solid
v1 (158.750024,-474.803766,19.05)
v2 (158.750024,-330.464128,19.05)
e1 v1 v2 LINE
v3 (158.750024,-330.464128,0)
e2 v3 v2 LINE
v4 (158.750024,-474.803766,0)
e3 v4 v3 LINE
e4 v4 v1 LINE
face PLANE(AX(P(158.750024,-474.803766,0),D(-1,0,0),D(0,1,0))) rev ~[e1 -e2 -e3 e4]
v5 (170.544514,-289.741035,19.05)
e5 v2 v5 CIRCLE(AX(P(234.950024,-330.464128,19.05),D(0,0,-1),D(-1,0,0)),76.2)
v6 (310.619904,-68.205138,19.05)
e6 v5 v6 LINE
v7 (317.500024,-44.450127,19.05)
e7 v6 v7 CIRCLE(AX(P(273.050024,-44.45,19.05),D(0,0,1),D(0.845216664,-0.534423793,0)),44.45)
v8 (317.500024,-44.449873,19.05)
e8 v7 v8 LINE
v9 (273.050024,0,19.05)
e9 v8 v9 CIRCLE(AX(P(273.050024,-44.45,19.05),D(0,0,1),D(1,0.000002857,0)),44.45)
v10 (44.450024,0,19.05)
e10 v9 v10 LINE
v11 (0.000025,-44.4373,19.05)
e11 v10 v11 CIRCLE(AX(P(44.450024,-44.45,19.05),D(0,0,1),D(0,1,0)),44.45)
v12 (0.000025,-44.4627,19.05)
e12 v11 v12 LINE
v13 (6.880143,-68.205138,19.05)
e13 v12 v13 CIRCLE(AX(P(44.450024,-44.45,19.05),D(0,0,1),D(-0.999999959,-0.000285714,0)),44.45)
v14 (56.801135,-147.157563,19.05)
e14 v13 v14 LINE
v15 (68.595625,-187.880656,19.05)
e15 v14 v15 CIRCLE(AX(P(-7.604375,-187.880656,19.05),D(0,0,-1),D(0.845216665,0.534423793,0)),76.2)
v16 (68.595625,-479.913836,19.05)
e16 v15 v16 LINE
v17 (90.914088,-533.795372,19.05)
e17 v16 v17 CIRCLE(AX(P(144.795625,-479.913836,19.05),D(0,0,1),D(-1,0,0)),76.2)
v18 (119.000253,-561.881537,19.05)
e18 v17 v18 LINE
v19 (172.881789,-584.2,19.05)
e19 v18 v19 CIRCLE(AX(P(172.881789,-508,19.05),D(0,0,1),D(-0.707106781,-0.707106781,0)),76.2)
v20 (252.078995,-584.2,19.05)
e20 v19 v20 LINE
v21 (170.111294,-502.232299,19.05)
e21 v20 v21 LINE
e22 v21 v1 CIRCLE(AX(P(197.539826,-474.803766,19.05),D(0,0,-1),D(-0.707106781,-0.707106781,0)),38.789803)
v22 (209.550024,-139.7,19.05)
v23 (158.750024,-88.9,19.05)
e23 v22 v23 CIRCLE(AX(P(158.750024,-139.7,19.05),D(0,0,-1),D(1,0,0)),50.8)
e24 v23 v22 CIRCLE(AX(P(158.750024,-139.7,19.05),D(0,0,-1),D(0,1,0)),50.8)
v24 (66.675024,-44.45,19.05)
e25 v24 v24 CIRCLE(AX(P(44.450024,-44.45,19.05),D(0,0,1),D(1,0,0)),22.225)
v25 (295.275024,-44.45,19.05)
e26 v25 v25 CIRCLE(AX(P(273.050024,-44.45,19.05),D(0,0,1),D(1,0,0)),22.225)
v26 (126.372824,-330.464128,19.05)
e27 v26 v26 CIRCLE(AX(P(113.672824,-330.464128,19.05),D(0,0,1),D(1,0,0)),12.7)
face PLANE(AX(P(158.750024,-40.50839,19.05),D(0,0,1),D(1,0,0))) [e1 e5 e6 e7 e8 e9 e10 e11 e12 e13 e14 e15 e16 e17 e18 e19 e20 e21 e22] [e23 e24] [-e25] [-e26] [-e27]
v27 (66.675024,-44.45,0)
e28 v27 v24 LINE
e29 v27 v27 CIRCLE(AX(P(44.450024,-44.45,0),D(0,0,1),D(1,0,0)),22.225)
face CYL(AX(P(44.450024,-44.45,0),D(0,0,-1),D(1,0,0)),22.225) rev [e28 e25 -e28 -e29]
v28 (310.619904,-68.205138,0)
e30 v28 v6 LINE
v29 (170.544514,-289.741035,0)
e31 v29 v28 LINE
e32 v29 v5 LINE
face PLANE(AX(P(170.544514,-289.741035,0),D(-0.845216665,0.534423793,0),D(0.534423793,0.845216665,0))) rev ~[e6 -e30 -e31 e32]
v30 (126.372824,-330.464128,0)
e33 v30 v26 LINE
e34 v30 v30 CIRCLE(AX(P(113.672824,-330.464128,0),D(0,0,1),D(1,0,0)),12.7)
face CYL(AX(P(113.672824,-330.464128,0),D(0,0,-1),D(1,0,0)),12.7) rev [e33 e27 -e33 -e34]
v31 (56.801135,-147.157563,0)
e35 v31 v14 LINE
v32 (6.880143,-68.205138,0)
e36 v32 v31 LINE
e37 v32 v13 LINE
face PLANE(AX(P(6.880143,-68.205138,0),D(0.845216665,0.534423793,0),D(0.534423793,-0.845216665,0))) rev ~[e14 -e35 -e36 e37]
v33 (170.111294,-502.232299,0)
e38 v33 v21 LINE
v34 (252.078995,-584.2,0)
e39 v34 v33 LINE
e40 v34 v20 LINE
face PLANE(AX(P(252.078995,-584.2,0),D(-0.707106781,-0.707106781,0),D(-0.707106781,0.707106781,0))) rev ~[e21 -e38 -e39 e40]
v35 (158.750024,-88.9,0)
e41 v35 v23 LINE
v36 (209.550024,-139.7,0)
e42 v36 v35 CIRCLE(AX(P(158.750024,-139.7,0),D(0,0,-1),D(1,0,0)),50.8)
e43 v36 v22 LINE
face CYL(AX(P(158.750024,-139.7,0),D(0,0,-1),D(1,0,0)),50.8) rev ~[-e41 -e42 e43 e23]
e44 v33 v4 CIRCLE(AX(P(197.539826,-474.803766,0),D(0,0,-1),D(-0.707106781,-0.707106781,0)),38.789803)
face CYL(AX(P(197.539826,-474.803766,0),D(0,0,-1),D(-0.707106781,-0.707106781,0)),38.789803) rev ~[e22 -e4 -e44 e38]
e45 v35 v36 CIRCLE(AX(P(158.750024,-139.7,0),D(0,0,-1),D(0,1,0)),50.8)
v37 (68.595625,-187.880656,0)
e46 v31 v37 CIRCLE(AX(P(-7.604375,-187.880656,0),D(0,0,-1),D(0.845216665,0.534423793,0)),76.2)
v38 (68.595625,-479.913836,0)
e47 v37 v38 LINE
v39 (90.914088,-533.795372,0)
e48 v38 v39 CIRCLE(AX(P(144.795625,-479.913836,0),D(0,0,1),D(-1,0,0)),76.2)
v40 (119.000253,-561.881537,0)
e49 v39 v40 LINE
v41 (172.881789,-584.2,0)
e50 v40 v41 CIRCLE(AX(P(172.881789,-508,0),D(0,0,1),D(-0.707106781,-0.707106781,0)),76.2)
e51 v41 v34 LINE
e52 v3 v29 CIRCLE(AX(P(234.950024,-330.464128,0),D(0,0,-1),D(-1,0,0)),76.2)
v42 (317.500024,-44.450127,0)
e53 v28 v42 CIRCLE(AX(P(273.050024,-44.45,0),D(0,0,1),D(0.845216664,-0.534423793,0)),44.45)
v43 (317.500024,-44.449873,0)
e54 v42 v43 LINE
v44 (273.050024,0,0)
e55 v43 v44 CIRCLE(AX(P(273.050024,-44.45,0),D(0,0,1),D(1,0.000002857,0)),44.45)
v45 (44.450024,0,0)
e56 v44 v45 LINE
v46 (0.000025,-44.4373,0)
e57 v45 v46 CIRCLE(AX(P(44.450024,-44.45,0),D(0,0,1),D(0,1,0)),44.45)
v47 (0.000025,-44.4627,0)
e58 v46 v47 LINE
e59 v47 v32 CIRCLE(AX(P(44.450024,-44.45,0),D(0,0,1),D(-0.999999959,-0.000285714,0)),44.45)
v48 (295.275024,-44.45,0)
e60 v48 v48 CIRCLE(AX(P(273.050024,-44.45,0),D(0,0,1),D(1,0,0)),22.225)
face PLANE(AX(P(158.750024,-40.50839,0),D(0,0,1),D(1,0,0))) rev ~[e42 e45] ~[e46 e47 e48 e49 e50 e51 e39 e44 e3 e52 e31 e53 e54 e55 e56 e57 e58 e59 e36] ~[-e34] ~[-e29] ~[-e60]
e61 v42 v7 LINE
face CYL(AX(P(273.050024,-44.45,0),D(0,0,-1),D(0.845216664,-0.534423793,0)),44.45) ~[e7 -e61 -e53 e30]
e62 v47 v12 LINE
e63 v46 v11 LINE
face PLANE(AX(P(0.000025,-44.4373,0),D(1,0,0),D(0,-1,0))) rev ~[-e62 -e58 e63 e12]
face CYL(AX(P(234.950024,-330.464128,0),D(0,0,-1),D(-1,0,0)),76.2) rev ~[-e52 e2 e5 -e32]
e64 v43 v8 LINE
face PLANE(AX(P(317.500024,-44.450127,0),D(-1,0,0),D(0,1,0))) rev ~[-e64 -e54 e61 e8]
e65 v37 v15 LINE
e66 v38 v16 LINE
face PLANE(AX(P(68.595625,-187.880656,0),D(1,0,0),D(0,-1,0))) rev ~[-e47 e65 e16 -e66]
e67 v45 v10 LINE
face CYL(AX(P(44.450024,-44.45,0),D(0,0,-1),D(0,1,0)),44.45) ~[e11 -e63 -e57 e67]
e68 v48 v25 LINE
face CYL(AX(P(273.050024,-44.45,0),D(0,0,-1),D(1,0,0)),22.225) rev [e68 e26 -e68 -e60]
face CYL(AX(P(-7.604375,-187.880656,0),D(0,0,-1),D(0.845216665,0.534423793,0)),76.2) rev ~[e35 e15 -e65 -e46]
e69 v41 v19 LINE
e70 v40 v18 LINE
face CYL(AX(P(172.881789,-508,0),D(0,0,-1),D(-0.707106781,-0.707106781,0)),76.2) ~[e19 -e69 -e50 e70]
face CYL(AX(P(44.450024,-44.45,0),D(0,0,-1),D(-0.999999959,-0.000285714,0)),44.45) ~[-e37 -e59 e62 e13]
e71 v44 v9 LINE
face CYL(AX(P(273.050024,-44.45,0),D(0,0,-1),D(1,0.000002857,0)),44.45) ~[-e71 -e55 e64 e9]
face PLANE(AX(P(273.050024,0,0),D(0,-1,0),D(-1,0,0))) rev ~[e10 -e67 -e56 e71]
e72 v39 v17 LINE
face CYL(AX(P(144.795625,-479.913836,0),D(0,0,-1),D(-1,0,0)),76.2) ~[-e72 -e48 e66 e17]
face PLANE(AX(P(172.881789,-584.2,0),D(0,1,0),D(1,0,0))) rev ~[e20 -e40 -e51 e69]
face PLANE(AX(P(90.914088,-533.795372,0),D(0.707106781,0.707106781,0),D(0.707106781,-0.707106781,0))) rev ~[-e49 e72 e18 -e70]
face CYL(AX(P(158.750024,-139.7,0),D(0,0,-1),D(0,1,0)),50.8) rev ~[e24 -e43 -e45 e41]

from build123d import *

# Parameters (mm, degrees)
F0_R     = 22.225
F0_R_2   = 12.7
F1_DEPTH = 19.05


with BuildPart() as f1:
    # F0 (on Top) → F1 (new body)
    with BuildSketch(Plane.XY):
        with BuildLine():
            Line((273.0500235857, 0), (44.4500235857, 0))
            ThreePointArc((44.4500235857, 0), (88.9000235857, -44.45), (44.4500235857, -88.9))
            Line((44.4500235857, -88.9), (84.2706601958, -88.9))
            ThreePointArc((84.2706601958, -88.9), (158.7500235857, -49.5456014885), (233.2293869757, -88.9))
            Line((233.2293869757, -88.9), (273.0500235857, -88.9))
            ThreePointArc((273.0500235857, -88.9), (228.6000235857, -44.45), (273.0500235857, 0))
        make_face()
        with BuildLine():
            ThreePointArc((44.4500235857, -88.9), (88.9000235857, -44.45), (44.4500235857, 0))
            ThreePointArc((44.4500235857, 0), (13.0236176108, -13.0146137689), (2.54e-05, -44.4373))
            Line((2.54e-05, -44.4373), (2.54e-05, -44.4627))
            ThreePointArc((2.54e-05, -44.4627), (1.7564529904, -56.8218038225), (6.8801428486, -68.2051375791))
            ThreePointArc((6.8801428486, -68.2051375791), (23.0037344591, -83.3840363011), (44.4500235857, -88.9))
        make_face()
        with Locations((44.4500235857, -44.45)):
            Circle(F0_R, mode=Mode.SUBTRACT)
        with BuildLine():
            ThreePointArc((317.5000235855, -44.449873), (304.4808751081, -13.019058675), (273.0500235857, 0))
            ThreePointArc((273.0500235857, 0), (228.6000235857, -44.45), (273.0500235857, -88.9))
            ThreePointArc((273.0500235857, -88.9), (294.4963127124, -83.3840363011), (310.6199043228, -68.2051375791))
            ThreePointArc((310.6199043228, -68.2051375791), (315.7453434806, -56.8157656081), (317.5000235855, -44.450127))
            Line((317.5000235855, -44.450127), (317.5000235855, -44.449873))
        make_face()
        with Locations((273.0500235857, -44.45)):
            Circle(F0_R, mode=Mode.SUBTRACT)
        with BuildLine():
            Line((84.2706601958, -88.9), (44.4500235857, -88.9))
            ThreePointArc((44.4500235857, -88.9), (23.0037344591, -83.3840363011), (6.8801428486, -68.2051375791))
            Line((6.8801428486, -68.2051375791), (56.8011349092, -147.1575625754))
            ThreePointArc((56.8011349092, -147.1575625754), (65.5876323203, -166.6823048), (68.5956250742, -187.8806555681))
            Line((68.5956250742, -187.8806555681), (68.5956250742, -479.9138355742))
            ThreePointArc((68.5956250742, -479.9138355742), (74.3960046968, -509.0743131204), (90.9140883478, -533.7953723006))
            Line((90.9140883478, -533.7953723006), (119.0002527736, -561.8815367264))
            ThreePointArc((119.0002527736, -561.8815367264), (143.7213119538, -578.3996203774), (172.8817895, -584.2))
            Line((172.8817895, -584.2), (252.0789948661, -584.2))
            Line((252.0789948661, -584.2), (170.1112937139, -502.2322988478))
            ThreePointArc((170.1112937139, -502.2322988478), (161.7027214902, -489.647981202), (158.7500235857, -474.8037664186))
            Line((158.7500235857, -474.8037664186), (158.7500235857, -330.4641278263))
            ThreePointArc((158.7500235857, -330.4641278263), (161.7580163396, -309.2657770582), (170.5445137507, -289.7410348335))
            Line((170.5445137507, -289.7410348335), (234.9500235857, -187.8806555681))
            ThreePointArc((234.9500235857, -187.8806555681), (109.2522186671, -215.0510642208), (84.2706601958, -88.9))
        make_face()
        with Locations((113.67282433, -330.4641278263)):
            Circle(F0_R_2, mode=Mode.SUBTRACT)
        with BuildLine():
            ThreePointArc((310.6199043228, -68.2051375791), (294.4963127124, -83.3840363011), (273.0500235857, -88.9))
            Line((273.0500235857, -88.9), (233.2293869757, -88.9))
            ThreePointArc((233.2293869757, -88.9), (244.8965783018, -113.1183017564), (248.9044220972, -139.7))
            ThreePointArc((248.9044220972, -139.7), (245.3455798734, -164.7803748417), (234.9500235857, -187.8806555681))
            Line((234.9500235857, -187.8806555681), (310.6199043228, -68.2051375791))
        make_face()
        with BuildLine():
            Line((158.7500235857, -88.9), (84.2706601958, -88.9))
            ThreePointArc((84.2706601958, -88.9), (109.2522186671, -215.0510642208), (234.9500235857, -187.8806555681))
            ThreePointArc((234.9500235857, -187.8806555681), (245.3455798734, -164.7803748417), (248.9044220972, -139.7))
            ThreePointArc((248.9044220972, -139.7), (244.8965783018, -113.1183017564), (233.2293869757, -88.9))
            Line((233.2293869757, -88.9), (158.7500235857, -88.9))
        make_face()
        with BuildLine():
            ThreePointArc((209.5500235857, -139.7), (122.8289991014, -175.6210244843), (158.7500235857, -88.9))
            ThreePointArc((158.7500235857, -88.9), (194.67104807, -103.7789755157), (209.5500235857, -139.7))
        make_face(mode=Mode.SUBTRACT)
        with BuildLine():
            ThreePointArc((233.2293869757, -88.9), (158.7500235857, -49.5456014885), (84.2706601958, -88.9))
            Line((84.2706601958, -88.9), (158.7500235857, -88.9))
            Line((158.7500235857, -88.9), (233.2293869757, -88.9))
        make_face()
    extrude(amount=F1_DEPTH)


solid = f1.part
